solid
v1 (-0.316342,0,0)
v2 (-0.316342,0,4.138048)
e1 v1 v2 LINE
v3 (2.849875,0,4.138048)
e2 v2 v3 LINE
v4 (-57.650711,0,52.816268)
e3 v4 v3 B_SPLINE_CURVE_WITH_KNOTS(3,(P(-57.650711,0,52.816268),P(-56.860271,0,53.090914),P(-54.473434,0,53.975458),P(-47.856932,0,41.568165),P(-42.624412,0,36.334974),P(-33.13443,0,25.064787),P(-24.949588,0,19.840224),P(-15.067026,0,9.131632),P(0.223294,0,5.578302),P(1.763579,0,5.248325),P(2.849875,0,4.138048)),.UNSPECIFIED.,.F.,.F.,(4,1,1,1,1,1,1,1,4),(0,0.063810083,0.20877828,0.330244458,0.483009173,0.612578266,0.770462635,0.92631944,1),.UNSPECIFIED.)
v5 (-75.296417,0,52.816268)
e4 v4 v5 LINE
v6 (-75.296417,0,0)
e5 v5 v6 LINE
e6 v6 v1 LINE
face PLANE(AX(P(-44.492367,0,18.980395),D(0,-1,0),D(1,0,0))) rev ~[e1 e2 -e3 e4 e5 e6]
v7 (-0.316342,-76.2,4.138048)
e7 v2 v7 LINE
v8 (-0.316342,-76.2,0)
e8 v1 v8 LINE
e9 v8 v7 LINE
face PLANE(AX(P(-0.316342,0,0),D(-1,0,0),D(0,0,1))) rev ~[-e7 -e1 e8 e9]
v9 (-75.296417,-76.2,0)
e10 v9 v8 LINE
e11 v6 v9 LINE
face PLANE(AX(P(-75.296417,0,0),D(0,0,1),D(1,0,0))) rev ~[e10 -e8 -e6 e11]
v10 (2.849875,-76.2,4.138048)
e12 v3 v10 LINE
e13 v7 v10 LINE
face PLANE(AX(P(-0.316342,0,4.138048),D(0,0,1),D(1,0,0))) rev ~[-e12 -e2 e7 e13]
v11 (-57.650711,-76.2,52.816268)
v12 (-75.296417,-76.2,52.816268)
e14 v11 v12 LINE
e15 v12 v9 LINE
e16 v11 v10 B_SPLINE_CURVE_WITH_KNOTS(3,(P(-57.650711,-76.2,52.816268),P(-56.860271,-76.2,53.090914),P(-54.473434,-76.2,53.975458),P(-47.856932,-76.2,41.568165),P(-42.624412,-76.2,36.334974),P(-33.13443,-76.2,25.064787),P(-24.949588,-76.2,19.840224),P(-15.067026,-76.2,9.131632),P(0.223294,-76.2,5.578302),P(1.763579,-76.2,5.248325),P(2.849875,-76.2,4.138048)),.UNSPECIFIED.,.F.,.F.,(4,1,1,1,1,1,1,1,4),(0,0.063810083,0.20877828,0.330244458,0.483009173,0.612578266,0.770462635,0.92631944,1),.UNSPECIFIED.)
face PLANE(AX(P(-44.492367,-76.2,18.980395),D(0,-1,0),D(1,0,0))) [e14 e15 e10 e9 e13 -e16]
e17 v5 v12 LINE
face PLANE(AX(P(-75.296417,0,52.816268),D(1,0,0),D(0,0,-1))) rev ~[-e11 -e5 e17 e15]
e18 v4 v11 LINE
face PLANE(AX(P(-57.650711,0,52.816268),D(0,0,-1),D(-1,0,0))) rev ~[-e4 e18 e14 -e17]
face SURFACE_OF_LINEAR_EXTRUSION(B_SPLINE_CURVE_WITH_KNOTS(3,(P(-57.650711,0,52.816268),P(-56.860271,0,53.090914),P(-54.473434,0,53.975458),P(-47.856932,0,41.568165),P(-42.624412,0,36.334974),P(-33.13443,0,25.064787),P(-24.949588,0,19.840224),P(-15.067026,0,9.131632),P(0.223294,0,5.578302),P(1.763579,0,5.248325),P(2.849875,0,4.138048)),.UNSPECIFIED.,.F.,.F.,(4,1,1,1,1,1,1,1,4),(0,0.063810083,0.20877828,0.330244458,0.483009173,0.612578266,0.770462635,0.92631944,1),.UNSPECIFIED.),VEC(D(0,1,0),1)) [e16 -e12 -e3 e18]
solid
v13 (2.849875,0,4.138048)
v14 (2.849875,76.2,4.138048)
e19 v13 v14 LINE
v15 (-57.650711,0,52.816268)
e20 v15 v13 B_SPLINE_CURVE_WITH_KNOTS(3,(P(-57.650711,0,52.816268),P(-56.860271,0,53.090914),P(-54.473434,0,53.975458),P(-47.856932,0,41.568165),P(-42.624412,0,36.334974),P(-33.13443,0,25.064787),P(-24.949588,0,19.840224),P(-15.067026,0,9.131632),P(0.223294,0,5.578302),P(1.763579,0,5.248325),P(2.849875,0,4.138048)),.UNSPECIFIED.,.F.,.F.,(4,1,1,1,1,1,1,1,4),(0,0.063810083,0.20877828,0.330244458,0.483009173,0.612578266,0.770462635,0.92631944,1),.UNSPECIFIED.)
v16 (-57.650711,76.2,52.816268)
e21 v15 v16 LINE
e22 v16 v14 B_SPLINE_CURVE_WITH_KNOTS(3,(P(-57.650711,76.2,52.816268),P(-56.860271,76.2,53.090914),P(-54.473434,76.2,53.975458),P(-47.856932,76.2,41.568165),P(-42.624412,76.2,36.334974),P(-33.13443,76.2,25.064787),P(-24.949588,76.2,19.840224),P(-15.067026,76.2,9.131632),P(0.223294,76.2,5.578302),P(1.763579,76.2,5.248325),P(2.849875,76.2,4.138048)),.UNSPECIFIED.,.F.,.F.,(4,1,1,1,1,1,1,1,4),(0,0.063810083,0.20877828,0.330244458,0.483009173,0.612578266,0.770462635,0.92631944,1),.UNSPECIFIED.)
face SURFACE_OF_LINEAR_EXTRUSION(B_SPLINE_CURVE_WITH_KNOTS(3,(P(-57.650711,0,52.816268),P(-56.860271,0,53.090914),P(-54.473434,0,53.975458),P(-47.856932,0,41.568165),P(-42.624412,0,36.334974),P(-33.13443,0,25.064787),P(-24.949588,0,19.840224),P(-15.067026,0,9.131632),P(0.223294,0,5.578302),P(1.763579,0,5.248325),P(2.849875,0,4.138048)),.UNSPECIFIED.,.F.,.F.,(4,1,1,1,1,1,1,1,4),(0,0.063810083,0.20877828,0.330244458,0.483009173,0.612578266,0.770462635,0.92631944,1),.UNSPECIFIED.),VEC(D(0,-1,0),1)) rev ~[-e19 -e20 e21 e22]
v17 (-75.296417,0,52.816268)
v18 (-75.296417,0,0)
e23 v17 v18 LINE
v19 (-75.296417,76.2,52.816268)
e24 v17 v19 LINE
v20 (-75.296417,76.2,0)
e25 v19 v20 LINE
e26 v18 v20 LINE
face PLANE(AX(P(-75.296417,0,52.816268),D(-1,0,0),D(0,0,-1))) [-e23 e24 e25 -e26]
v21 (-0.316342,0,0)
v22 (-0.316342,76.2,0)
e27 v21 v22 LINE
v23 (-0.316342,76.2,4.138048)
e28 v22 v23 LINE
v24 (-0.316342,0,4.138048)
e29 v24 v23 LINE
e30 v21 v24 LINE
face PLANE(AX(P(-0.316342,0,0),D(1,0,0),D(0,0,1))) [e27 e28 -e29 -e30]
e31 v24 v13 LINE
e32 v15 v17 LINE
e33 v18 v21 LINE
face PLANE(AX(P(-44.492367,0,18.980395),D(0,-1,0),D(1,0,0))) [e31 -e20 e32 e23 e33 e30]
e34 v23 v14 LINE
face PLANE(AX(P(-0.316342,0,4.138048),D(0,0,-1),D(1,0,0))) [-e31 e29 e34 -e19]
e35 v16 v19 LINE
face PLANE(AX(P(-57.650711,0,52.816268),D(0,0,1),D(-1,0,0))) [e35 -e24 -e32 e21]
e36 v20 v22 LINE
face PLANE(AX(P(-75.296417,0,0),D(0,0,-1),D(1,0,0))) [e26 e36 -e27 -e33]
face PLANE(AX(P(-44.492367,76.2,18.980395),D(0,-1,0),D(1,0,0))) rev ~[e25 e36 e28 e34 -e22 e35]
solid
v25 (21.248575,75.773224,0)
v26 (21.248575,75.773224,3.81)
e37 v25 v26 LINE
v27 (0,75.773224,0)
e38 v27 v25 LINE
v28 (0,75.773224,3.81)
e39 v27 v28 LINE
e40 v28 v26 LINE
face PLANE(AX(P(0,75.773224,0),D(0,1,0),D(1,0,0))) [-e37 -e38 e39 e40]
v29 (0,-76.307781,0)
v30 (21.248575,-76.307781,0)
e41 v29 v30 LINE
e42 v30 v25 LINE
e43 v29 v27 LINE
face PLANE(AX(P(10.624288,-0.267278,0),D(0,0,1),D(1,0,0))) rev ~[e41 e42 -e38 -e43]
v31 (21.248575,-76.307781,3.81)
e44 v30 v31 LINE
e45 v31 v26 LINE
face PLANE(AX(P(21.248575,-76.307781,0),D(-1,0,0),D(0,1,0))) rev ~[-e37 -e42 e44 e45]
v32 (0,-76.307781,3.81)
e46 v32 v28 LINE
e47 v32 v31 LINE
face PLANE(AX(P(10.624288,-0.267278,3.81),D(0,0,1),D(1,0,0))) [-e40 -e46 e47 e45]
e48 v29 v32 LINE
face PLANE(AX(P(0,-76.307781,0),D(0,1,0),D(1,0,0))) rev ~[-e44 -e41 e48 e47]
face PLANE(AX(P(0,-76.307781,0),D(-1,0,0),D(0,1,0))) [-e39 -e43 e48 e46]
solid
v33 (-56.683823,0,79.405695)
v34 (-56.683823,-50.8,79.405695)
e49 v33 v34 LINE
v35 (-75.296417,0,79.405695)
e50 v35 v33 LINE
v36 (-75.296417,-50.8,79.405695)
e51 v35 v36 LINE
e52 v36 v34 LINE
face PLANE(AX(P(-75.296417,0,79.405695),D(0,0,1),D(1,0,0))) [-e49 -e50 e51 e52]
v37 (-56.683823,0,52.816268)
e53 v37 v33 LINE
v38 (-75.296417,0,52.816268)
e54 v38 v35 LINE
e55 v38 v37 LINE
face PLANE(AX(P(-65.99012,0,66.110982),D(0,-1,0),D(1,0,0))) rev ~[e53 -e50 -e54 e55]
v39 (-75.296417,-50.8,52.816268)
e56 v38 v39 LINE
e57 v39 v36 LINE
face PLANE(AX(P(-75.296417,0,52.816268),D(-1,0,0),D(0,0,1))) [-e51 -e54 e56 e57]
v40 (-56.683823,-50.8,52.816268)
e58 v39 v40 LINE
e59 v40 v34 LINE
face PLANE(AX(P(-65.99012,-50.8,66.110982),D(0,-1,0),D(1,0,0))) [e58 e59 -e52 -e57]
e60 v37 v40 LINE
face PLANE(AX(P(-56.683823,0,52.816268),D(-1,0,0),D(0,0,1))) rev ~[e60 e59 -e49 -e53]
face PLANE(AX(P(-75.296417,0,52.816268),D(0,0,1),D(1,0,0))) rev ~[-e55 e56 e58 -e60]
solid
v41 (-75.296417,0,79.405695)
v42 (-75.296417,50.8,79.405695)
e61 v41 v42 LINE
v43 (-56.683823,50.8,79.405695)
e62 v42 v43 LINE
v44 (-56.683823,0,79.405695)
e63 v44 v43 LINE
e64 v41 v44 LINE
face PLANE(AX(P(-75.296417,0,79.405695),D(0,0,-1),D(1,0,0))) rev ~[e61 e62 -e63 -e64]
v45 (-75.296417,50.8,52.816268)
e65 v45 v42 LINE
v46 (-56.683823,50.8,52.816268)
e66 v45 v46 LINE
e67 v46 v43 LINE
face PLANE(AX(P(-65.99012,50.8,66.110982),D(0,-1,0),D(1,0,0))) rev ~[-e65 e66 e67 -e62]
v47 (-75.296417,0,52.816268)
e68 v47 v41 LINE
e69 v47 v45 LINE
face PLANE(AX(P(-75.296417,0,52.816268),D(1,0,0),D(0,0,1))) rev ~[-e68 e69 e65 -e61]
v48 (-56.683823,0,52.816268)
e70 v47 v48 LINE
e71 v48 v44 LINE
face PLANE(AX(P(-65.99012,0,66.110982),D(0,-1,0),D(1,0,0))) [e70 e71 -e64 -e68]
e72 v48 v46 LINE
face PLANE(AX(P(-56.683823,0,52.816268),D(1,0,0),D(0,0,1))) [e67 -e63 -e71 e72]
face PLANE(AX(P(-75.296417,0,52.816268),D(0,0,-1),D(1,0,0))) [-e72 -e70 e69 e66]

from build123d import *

# Parameters (mm, degrees)
F0_W     = 21.2485753
F0_H     = 152.0810052752
F1_DEPTH = 3.81
F3_DEPTH = 76.2
F4_DEPTH = 76.2
F5_W     = 18.6125934124
F5_H     = 26.5894271433
F6_DEPTH = 50.8
F7_DEPTH = 50.8
F8_W     = 14.3147837371
F8_H     = 9.378656745
F8_W_2   = 14.0679730102
F8_H_2   = 9.6254572272
F8_W_3   = 12.587139383
F8_H_3   = 9.8722651601
F8_W_4   = 17.029652372
F8_H_4   = 8.6382329464
F9_DEPTH = 58.42


with BuildPart() as f1:
    # F0 (on Top) → F1 (new body)
    with BuildSketch(Plane.XY):
        with Locations((10.62428765, -0.267278403)):
            Rectangle(F0_W, F0_H)
    extrude(amount=F1_DEPTH)

    # F8 (on Right) → F9 (cut)
    with BuildSketch(Plane.YZ):
        with Locations((-12.2708184645, 67.8704231977)):
            Rectangle(F8_W, F8_H)
        with Locations((14.0140862204, 67.7470229566)):
            Rectangle(F8_W_2, F8_H_2)
        with Locations((-31.6451368853, 68.610843271)):
            Rectangle(F8_W_3, F8_H_3)
        with Locations((36.2266814336, 67.9938271642)):
            Rectangle(F8_W_4, F8_H_4)
    extrude(amount=F9_DEPTH, mode=Mode.SUBTRACT)


with BuildPart() as f3:
    # F2 (on Front) → F3 (new body)
    with BuildSketch(Plane.XZ):
        with BuildLine():
            Line((-57.6507113874, 52.8162680566), (-75.2964168787, 52.8162680566))
            Line((-75.2964168787, 52.8162680566), (-75.2964168787, 0))
            Line((-75.2964168787, 0), (-0.3163424553, 0))
            Line((-0.3163424553, 0), (-0.3163424553, 4.1380482726))
            Line((-0.3163424553, 4.1380482726), (0, 4.1380482726))
            Line((0, 4.1380482726), (2.8498747852, 4.1380482726))
            add(Edge.make_bspline(
                [(-57.6507113874, 52.8162680566), (-56.8602710351, 53.0909142445), (-54.4734343004, 53.9754583667), (-47.8569322788, 41.5681647897), (-42.6244117505, 36.3349742464), (-33.1344303149, 25.0647868759), (-24.9495881789, 19.8402240782), (-15.0670263369, 9.131632398), (0.2232942838, 5.5783015486), (1.763578778, 5.2483250845), (2.8498747852, 4.1380482726)],
                knots=[0, 0, 0, 0, 0.0638100825, 0.2087782801, 0.3302444576, 0.4830091729, 0.6125782664, 0.7704626352, 0.9263194399, 1, 1, 1, 1], degree=3))
        make_face()
    extrude(amount=F3_DEPTH)


with BuildPart() as f4:
    # F4 (new): a face of the model
    f4_faces = [f3.part.faces().sort_by_distance(p)[0] for p in [
        (-49.6360039473, 0, 20.6655846492),
    ]]
    extrude(f4_faces, amount=F4_DEPTH)


with BuildPart() as f6:
    # F5 (on Front) → F6 (new body)
    with BuildSketch(Plane.XZ):
        with Locations((-65.9901201725, 66.1109816283)):
            Rectangle(F5_W, F5_H)
    extrude(amount=F6_DEPTH)


with BuildPart() as f7:
    # F7 (new): a face of the model
    f7_faces = [f6.part.faces().sort_by_distance(p)[0] for p in [
        (-65.9901201725, 0, 66.1109816283),
    ]]
    extrude(f7_faces, amount=F7_DEPTH)


solid = Compound([f1.part, f3.part, f4.part, f6.part, f7.part])
